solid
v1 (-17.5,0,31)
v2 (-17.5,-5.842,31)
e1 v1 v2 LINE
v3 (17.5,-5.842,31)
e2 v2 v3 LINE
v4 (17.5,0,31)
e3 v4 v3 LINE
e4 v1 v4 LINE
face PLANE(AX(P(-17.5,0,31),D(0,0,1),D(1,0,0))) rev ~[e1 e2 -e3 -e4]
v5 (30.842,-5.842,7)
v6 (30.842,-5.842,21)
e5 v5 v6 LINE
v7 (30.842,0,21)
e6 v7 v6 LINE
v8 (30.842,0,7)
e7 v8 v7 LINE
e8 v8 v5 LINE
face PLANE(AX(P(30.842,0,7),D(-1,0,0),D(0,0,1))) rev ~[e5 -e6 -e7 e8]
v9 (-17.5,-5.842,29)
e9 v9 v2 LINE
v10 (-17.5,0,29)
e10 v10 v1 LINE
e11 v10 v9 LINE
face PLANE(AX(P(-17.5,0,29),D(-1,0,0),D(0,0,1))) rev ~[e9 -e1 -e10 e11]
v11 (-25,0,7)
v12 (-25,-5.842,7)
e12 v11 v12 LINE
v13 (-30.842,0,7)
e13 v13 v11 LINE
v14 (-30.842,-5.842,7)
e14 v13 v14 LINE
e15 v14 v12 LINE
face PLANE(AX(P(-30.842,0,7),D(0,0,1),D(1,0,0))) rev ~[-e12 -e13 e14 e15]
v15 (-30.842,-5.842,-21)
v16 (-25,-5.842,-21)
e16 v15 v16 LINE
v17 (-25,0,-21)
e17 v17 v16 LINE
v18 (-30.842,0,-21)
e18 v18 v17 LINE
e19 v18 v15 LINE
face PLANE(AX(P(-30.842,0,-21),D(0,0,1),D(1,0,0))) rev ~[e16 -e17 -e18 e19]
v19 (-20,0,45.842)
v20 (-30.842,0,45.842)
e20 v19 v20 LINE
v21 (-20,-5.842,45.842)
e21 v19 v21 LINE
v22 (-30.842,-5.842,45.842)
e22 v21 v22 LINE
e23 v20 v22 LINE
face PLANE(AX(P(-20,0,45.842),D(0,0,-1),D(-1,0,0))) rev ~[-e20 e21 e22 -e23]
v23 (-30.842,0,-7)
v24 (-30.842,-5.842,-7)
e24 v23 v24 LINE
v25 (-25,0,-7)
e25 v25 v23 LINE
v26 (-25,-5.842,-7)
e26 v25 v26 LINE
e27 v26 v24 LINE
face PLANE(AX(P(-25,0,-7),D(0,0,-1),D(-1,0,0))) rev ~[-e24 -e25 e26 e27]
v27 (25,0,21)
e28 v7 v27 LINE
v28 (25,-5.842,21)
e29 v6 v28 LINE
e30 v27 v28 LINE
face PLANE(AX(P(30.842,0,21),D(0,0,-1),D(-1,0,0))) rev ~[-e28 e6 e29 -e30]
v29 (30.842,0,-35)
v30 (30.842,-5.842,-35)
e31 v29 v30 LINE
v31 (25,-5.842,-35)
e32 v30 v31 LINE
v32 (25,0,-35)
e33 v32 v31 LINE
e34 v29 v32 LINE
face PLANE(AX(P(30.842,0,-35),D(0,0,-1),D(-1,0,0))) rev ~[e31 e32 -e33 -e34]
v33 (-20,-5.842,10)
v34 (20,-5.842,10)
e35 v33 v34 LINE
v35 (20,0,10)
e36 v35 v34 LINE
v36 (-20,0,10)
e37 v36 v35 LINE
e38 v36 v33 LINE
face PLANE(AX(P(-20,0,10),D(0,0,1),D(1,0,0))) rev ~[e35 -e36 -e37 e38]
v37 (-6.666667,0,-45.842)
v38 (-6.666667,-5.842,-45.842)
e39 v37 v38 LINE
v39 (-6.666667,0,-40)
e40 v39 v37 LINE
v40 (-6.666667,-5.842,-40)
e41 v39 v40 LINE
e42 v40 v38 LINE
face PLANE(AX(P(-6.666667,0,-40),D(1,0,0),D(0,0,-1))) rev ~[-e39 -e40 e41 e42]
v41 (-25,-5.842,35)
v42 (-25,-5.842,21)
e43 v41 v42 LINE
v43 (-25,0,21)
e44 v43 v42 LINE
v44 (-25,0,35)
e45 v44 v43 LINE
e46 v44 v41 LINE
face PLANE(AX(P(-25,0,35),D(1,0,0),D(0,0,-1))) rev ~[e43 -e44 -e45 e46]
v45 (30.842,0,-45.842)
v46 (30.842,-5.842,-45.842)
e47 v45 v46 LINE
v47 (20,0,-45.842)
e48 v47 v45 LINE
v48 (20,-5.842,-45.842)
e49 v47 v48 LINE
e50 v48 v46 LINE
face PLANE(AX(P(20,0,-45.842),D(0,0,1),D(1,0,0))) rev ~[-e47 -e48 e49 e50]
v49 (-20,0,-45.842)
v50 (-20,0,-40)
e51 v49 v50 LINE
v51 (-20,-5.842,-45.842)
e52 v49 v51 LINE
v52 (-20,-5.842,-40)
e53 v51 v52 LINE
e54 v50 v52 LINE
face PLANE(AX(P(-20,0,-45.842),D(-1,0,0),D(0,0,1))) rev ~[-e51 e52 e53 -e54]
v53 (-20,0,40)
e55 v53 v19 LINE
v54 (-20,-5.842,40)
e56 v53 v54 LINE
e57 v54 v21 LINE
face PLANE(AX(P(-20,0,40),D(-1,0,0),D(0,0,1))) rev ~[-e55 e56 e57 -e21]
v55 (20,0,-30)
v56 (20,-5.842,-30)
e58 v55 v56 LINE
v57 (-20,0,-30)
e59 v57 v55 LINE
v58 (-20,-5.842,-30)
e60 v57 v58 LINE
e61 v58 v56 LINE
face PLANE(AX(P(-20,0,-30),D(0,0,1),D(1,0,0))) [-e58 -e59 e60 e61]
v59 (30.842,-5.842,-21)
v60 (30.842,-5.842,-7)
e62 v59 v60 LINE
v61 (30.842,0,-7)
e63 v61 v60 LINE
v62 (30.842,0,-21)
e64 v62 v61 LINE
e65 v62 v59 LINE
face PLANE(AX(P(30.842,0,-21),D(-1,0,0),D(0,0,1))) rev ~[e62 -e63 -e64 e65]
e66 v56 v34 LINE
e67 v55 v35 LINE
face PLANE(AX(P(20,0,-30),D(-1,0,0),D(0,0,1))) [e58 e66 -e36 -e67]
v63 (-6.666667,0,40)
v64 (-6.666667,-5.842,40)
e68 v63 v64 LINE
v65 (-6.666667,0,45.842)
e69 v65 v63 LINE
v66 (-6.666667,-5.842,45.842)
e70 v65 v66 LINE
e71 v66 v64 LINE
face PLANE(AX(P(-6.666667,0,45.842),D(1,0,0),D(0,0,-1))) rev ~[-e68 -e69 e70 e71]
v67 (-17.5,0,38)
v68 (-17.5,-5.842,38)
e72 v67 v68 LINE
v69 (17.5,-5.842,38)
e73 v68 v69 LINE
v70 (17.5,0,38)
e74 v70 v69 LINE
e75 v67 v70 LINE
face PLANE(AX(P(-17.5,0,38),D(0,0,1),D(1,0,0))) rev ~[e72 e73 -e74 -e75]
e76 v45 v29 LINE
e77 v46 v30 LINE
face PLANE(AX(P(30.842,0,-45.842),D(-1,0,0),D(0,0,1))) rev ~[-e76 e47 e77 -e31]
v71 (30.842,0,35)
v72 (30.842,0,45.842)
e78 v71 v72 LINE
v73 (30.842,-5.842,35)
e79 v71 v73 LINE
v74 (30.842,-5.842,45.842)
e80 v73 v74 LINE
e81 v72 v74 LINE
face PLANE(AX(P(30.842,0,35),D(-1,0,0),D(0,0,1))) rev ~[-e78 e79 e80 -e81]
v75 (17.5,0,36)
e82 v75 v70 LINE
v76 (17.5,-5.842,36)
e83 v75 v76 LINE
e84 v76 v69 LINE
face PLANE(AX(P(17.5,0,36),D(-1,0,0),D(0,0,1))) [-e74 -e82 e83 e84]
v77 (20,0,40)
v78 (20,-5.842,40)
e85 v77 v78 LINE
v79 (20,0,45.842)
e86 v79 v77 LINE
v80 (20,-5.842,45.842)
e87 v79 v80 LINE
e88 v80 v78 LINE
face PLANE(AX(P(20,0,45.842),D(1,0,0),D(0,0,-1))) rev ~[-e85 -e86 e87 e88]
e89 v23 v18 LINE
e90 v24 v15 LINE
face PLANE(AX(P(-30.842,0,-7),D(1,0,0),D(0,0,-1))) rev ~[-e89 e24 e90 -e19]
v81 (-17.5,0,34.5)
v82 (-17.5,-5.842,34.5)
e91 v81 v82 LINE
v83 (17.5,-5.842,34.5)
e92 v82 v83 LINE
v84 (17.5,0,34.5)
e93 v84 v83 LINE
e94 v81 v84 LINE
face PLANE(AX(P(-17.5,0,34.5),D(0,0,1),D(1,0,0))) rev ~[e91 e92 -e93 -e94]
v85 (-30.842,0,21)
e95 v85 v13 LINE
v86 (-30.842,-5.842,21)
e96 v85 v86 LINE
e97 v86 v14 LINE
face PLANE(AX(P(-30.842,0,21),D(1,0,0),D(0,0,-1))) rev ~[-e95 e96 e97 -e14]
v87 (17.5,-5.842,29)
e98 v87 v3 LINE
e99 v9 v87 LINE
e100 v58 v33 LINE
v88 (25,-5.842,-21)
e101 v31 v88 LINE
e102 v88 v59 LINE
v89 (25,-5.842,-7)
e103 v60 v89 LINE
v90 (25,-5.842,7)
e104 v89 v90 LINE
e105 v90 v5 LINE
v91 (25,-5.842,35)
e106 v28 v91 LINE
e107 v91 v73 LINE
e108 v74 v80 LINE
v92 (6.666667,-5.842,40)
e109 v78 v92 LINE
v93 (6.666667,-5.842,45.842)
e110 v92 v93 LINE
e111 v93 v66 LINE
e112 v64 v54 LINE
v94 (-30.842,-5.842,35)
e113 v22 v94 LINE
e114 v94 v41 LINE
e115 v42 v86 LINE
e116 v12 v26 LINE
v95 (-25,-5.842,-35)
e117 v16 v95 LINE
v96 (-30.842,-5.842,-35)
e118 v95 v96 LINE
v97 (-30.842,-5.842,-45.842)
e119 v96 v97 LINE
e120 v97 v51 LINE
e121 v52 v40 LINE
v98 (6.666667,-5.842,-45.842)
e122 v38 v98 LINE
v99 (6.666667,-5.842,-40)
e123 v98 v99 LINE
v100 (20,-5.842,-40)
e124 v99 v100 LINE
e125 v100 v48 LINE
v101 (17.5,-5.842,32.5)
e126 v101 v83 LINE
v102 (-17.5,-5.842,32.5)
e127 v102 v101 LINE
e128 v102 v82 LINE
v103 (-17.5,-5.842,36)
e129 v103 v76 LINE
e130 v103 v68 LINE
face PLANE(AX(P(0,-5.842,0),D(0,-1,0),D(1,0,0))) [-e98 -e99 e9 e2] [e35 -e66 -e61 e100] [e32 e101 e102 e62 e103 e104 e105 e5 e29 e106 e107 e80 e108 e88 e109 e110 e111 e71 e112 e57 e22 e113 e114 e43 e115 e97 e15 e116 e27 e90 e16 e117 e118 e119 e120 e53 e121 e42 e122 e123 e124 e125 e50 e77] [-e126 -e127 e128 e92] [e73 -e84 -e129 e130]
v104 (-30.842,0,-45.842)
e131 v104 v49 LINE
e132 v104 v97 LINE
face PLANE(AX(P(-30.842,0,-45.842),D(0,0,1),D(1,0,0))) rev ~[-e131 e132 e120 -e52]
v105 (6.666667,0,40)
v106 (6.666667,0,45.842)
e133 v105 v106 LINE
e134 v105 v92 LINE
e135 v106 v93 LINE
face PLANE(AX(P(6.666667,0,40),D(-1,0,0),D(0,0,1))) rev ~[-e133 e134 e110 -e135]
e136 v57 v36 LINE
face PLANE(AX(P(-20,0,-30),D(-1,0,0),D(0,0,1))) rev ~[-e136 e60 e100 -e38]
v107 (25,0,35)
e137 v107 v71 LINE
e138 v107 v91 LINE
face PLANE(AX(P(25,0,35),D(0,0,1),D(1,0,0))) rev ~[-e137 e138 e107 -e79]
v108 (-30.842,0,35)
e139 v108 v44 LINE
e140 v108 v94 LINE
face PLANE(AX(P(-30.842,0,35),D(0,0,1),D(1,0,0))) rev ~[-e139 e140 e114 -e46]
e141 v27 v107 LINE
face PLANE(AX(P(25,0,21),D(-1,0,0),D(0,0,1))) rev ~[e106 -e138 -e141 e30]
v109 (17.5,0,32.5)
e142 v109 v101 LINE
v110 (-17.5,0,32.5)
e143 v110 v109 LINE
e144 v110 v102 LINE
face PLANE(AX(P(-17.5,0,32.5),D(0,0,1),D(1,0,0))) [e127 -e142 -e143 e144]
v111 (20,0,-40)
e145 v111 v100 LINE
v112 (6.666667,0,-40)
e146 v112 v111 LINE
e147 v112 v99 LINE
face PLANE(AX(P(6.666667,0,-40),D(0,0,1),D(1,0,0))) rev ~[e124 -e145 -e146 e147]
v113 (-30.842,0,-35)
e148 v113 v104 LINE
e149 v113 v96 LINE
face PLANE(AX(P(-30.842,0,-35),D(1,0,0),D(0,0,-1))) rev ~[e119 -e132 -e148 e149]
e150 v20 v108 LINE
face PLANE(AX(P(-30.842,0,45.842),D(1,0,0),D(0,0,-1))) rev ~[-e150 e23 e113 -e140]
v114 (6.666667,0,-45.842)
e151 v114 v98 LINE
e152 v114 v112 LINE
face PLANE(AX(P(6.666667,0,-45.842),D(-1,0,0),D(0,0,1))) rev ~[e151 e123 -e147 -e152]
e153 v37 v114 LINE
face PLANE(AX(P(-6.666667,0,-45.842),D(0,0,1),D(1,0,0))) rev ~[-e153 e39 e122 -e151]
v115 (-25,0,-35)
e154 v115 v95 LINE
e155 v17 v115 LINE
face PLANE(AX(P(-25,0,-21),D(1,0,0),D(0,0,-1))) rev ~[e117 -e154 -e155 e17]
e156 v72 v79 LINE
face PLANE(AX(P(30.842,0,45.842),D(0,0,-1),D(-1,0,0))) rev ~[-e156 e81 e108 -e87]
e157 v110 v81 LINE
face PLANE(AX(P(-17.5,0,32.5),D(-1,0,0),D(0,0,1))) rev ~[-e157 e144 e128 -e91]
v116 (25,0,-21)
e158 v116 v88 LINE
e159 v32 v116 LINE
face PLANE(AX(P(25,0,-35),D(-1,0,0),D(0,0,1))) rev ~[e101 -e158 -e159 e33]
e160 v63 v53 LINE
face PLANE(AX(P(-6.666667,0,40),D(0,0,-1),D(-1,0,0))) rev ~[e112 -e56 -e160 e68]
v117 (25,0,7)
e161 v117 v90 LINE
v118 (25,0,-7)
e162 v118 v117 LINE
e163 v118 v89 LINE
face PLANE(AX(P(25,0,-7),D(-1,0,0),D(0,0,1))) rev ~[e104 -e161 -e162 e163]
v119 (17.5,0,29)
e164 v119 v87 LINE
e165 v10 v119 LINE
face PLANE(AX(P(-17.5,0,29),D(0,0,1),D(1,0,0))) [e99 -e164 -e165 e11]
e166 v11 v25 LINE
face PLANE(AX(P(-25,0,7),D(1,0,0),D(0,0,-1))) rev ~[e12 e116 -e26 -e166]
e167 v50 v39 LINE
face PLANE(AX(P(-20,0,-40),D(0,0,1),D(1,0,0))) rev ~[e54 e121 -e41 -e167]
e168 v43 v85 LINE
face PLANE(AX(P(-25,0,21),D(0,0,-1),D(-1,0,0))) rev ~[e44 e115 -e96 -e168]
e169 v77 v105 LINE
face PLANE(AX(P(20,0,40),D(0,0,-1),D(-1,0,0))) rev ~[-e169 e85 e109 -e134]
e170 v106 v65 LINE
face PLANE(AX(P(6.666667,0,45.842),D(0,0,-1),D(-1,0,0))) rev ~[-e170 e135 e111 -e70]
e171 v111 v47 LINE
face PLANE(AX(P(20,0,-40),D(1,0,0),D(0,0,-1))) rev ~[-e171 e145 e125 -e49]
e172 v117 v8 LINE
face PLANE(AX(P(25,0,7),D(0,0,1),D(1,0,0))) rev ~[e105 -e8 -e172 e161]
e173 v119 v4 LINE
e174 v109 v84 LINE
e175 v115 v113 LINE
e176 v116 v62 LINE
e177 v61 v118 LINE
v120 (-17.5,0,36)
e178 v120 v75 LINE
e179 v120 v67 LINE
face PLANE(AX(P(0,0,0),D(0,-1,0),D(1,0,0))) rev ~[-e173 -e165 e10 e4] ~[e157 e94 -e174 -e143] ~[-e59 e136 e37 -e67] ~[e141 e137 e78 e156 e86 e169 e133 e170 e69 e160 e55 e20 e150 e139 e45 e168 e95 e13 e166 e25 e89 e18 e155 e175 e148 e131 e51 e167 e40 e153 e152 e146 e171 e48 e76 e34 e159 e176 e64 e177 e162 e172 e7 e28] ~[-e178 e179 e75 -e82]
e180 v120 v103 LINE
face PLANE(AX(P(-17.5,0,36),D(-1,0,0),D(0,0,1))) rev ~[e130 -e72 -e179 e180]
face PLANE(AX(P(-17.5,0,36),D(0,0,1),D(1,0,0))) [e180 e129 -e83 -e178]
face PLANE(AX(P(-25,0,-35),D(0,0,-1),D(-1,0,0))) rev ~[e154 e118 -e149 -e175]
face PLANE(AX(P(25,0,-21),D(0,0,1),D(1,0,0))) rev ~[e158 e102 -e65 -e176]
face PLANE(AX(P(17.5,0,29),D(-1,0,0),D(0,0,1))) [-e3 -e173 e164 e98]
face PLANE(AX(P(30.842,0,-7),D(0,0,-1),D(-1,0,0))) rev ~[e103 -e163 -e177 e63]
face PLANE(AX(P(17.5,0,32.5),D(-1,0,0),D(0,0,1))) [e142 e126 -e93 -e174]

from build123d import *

# Parameters (mm, degrees)
F0_W     = 40
F0_H     = 40
F0_W_2   = 35
F0_H_2   = 2
F1_DEPTH = 5.842


with BuildPart() as f1:
    # F0 (on Front) → F1 (new body)
    with BuildSketch(Plane.XZ):
        Polygon((-20, -45.842), (-20, -40), (-6.666667, -40), (-6.666667, -45.842), (6.666667, -45.842), (6.666667, -40), (20, -40), (20, -45.842), (30.842, -45.842), (30.842, -35), (25, -35), (25, -21), (30.842, -21), (30.842, -7), (25, -7), (25, 7), (30.842, 7), (30.842, 21), (25, 21), (25, 35), (30.842, 35), (30.842, 45.842), (20, 45.842), (20, 40), (6.666667, 40), (6.666667, 45.842), (-6.666667, 45.842), (-6.666667, 40), (-20, 40), (-20, 45.842), (-30.842, 45.842), (-30.842, 35), (-25, 35), (-25, 21), (-30.842, 21), (-30.842, 7), (-25, 7), (-25, -7), (-30.842, -7), (-30.842, -21), (-25, -21), (-25, -35), (-30.842, -35), (-30.842, -45.842), align=None)
        with Locations((0, -10)):
            Rectangle(F0_W, F0_H, mode=Mode.SUBTRACT)
        with Locations((0, 30)):
            Rectangle(F0_W_2, F0_H_2, mode=Mode.SUBTRACT)
        with Locations((0, 33.5)):
            Rectangle(F0_W_2, F0_H_2, mode=Mode.SUBTRACT)
        with Locations((0, 37)):
            Rectangle(F0_W_2, F0_H_2, mode=Mode.SUBTRACT)
    extrude(amount=F1_DEPTH)


solid = f1.part
